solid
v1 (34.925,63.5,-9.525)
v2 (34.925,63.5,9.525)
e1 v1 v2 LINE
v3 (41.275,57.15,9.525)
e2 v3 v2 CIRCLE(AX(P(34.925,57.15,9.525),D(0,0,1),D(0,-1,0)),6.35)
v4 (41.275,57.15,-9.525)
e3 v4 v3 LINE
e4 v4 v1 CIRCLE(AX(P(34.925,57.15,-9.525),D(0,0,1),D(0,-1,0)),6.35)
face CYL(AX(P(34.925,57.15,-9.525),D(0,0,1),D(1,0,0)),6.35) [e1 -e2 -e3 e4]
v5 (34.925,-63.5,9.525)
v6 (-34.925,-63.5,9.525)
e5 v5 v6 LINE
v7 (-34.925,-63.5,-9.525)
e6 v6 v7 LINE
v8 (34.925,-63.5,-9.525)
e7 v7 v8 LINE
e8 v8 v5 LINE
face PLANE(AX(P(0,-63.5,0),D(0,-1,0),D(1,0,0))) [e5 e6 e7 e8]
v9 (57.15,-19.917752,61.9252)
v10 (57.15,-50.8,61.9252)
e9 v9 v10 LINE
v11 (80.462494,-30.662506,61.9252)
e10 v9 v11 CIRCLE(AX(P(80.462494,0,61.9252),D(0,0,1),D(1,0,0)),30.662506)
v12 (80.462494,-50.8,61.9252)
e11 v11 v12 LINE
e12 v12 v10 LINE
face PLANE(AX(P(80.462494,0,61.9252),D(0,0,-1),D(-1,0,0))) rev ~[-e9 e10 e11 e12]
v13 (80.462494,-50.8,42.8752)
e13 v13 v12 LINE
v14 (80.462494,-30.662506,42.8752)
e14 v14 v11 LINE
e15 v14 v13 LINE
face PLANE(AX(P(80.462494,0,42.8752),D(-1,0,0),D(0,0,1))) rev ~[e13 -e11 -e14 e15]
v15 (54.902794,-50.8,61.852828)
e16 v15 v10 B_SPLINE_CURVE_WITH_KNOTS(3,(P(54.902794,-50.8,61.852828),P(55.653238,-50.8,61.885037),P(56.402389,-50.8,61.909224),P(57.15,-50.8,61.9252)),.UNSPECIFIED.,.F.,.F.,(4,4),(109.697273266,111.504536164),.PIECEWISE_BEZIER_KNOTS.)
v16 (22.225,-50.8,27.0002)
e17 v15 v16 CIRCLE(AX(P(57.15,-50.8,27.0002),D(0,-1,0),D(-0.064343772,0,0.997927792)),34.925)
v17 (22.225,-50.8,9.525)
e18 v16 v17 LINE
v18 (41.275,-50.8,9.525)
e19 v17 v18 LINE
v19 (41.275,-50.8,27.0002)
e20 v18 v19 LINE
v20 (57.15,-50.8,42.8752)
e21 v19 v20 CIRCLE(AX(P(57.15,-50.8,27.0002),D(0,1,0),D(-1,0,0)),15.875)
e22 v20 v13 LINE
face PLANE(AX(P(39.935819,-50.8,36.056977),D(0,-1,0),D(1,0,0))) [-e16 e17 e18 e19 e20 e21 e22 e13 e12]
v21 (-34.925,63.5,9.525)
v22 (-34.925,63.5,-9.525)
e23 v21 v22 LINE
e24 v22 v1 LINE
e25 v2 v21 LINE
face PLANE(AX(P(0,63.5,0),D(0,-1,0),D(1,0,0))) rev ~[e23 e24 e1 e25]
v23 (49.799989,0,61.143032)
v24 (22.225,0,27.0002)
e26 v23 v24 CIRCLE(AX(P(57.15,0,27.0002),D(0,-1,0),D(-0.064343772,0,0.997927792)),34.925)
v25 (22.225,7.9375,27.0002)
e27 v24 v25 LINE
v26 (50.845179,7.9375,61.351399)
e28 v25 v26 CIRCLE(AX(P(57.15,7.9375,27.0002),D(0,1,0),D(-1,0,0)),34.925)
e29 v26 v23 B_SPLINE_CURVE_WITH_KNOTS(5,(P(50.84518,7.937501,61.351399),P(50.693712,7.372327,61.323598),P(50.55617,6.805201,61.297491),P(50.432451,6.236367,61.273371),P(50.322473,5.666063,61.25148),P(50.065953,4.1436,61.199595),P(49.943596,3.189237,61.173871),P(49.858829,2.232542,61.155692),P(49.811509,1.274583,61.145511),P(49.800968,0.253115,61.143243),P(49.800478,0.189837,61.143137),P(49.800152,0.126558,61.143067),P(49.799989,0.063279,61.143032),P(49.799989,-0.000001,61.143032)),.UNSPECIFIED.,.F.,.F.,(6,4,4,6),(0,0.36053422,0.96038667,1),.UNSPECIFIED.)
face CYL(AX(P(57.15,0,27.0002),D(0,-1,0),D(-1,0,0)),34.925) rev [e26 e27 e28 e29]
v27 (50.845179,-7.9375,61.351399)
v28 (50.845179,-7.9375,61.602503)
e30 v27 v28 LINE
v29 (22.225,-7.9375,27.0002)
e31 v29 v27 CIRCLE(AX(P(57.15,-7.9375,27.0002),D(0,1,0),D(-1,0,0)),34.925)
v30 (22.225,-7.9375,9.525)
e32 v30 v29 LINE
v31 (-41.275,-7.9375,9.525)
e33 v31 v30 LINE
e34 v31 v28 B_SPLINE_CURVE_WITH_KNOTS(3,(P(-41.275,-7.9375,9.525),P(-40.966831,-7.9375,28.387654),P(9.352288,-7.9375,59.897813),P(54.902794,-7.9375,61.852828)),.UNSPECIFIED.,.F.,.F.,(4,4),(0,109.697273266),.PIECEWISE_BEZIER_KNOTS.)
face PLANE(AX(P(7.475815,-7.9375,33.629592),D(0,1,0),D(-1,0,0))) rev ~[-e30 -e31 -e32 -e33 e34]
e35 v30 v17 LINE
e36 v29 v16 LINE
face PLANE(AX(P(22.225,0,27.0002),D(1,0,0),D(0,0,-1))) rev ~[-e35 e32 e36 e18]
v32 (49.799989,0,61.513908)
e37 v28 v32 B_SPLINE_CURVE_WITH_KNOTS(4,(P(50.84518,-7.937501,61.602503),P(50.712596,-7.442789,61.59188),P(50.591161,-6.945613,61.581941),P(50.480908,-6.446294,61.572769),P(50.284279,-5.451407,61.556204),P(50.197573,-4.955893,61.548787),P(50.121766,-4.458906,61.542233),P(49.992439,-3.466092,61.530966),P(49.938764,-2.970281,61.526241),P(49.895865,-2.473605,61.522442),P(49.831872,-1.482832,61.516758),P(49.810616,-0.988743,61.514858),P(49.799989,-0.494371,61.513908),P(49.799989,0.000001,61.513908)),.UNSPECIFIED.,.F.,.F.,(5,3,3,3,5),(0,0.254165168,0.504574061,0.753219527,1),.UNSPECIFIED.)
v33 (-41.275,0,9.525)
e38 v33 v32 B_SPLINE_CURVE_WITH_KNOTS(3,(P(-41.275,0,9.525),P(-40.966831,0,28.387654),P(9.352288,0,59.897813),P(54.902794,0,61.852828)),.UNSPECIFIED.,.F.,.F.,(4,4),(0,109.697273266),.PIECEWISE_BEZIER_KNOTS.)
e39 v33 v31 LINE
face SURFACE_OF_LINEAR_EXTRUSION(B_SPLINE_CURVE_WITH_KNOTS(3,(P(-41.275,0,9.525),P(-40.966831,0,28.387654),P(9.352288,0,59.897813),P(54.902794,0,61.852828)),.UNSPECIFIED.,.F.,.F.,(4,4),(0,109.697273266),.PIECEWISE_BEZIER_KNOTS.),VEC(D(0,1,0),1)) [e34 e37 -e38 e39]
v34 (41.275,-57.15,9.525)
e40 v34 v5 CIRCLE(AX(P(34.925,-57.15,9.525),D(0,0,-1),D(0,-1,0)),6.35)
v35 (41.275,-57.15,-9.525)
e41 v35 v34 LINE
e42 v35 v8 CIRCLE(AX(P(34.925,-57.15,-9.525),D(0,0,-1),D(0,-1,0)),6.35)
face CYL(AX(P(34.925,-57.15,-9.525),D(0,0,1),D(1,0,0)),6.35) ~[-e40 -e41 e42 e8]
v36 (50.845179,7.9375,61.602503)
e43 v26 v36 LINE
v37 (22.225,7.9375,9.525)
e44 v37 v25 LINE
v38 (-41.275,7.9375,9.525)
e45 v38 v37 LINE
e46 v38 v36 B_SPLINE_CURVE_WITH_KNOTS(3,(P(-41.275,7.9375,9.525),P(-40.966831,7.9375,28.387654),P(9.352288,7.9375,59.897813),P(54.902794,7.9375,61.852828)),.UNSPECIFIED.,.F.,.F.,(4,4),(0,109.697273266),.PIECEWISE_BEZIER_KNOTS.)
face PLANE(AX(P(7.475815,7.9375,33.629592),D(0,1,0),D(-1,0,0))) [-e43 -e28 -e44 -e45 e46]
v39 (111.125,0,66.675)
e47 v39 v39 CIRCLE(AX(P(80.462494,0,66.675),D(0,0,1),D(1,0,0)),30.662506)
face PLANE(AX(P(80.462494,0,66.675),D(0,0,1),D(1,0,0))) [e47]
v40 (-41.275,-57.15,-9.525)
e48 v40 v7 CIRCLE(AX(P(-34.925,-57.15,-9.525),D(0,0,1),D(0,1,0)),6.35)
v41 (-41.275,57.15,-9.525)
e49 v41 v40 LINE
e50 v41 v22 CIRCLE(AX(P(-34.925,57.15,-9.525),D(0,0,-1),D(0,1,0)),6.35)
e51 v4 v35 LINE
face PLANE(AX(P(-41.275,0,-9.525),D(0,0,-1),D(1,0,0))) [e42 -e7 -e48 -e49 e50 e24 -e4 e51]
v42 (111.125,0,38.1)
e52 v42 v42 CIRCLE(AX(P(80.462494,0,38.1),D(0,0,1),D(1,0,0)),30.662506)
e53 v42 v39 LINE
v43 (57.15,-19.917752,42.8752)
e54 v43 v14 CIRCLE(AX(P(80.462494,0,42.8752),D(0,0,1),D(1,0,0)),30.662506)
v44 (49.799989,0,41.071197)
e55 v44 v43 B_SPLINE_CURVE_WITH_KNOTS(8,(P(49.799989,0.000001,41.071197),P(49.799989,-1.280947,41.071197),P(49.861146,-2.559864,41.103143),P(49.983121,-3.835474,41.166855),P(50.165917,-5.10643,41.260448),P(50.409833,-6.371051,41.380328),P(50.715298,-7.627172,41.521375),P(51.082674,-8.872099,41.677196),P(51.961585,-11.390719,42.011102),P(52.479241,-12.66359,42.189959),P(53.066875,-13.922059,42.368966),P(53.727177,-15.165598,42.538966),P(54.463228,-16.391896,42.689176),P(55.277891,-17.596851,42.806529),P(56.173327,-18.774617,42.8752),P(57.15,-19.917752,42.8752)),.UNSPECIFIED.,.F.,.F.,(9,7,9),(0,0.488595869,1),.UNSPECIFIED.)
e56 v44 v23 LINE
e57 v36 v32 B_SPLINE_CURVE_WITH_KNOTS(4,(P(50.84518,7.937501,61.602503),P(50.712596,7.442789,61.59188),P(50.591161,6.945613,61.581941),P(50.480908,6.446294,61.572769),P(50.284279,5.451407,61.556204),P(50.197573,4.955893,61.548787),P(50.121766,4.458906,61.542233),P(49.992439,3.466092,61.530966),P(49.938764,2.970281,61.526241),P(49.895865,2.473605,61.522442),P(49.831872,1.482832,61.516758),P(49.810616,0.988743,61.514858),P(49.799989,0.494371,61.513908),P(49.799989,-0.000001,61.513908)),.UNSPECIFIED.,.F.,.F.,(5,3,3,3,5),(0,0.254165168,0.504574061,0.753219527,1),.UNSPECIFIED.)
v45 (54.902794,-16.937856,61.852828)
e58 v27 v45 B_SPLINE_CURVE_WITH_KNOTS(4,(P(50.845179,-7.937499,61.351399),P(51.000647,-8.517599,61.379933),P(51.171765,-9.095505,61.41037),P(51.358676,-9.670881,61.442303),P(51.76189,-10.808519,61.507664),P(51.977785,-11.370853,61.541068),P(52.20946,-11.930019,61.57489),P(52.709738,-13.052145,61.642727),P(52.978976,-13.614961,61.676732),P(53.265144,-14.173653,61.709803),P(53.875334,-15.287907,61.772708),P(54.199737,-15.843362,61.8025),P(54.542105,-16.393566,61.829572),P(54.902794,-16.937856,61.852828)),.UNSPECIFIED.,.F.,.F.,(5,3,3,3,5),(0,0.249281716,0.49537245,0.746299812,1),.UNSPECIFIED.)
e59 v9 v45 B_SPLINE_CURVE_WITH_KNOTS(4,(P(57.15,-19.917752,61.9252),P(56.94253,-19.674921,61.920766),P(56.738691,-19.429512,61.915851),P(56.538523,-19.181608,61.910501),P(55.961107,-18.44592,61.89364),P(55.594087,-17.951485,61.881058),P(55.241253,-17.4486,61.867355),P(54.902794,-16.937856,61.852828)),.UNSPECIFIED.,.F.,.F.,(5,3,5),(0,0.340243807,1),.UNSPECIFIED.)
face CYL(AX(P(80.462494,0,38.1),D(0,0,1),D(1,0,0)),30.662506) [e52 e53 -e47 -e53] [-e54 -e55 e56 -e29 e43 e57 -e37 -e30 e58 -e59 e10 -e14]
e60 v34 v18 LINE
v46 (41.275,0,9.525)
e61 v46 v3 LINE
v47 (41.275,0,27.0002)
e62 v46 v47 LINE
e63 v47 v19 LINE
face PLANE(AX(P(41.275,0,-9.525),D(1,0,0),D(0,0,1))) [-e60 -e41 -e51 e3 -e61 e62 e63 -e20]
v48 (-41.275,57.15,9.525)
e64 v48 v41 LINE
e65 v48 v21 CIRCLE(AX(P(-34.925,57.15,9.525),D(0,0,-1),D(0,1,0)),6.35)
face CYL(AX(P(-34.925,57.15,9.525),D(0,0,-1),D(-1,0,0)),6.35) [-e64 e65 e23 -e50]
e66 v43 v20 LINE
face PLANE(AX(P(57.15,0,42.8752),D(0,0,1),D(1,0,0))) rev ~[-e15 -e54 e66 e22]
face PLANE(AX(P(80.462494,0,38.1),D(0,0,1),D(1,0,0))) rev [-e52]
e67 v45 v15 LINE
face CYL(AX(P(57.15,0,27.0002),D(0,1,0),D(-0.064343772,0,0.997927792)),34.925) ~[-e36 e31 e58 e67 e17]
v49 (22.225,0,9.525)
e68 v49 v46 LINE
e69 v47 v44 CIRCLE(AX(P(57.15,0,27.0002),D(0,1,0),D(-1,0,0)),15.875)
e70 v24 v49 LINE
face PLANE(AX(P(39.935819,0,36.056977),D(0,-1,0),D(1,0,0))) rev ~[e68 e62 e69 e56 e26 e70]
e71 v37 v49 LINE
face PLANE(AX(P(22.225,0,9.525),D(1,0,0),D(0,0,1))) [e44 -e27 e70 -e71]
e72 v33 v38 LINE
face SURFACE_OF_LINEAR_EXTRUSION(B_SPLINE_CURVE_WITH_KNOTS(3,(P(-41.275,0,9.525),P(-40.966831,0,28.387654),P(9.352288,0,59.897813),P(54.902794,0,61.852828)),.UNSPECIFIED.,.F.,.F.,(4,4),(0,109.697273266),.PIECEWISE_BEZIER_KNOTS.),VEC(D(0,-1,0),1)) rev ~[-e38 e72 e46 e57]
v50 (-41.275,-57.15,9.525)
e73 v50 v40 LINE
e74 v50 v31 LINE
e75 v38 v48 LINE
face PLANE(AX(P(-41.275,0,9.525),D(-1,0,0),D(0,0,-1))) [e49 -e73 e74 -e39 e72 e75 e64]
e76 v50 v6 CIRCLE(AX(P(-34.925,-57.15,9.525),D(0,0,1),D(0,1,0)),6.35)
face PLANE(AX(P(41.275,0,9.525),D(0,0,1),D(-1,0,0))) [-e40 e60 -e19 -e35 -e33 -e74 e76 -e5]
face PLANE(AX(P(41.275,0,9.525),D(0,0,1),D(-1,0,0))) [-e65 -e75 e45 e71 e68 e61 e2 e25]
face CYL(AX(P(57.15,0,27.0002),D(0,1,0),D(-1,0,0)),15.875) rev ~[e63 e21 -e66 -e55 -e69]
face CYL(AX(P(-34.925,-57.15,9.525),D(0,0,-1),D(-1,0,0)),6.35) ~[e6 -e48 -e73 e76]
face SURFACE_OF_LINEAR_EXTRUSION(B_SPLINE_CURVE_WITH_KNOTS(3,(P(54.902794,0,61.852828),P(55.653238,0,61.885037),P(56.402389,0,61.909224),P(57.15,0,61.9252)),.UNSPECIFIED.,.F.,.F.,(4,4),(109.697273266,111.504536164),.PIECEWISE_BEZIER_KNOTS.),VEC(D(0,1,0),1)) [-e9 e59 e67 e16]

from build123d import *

# Parameters (mm, degrees)
F1_DEPTH = 63.5
F0_W     = 20.1374943917
F0_H     = 19.05
F2_DEPTH = 50.8
F3_DEPTH = 7.9375
F5_R     = 6.35


with BuildPart() as f1:
    # F0 (on Front) → F1 (new body, symmetric)
    with BuildSketch(Plane.XZ):
        Polygon((-41.275, 9.525), (-41.275, -9.525), (41.275, -9.525), (41.275, 9.525), (22.225, 9.525), align=None)
    extrude(amount=F1_DEPTH, both=True)

    # F0 (on Front) → F2 (join)
    with BuildSketch(Plane.XZ):
        with BuildLine():
            Line((22.225, 9.525), (41.275, 9.525))
            Line((41.275, 9.525), (41.275, 27.0002))
            ThreePointArc((41.275, 27.0002), (45.9246798487, 38.2255201513), (57.15, 42.8752))
            Line((57.15, 42.8752), (60.325, 42.8752))
            Line((60.325, 42.8752), (60.325, 61.9252))
            Line((60.325, 61.9252), (57.15, 61.9252))
            add(Edge.make_bspline(
                [(54.9027937698, 61.8528281528), (55.6532384905, 61.8850370345), (56.4023888872, 61.9092238899), (57.15, 61.9252)],
                knots=[109.6972732661, 109.6972732661, 109.6972732661, 109.6972732661, 111.5045361635, 111.5045361635, 111.5045361635, 111.5045361635], degree=3))
            ThreePointArc((54.9027937698, 61.8528281528), (31.6721733404, 50.8881880631), (22.225, 27.0002))
            Line((22.225, 27.0002), (22.225, 9.525))
        make_face()
        with Locations((70.3937471959, 52.4002)):
            Rectangle(F0_W, F0_H)
    extrude(amount=F2_DEPTH)

    # F0 (on Front) → F3 (join, symmetric)
    with BuildSketch(Plane.XZ):
        with BuildLine():
            add(Edge.make_bspline(
                [(-41.275, 9.525), (-40.9668306676, 28.3876541447), (9.352287687, 59.8978129225), (54.9027937698, 61.8528281528)],
                knots=[0, 0, 0, 0, 109.6972732661, 109.6972732661, 109.6972732661, 109.6972732661], degree=3))
            Line((-41.275, 9.525), (22.225, 9.525))
            Line((22.225, 9.525), (22.225, 27.0002))
            ThreePointArc((22.225, 27.0002), (31.6721733404, 50.8881880631), (54.9027937698, 61.8528281528))
        make_face()
    extrude(amount=F3_DEPTH, both=True)

    # F0 (on Front) → F4 (revolve)
    with BuildSketch(Plane.XZ):
        Polygon((80.4624943917, 66.675), (80.4624943917, 61.9252), (80.4624943917, 42.8752), (80.4624943917, 38.1), (111.125, 38.1), (111.125, 66.675), align=None)
    revolve(axis=Axis((80.4624943917, 0, 52.3875), (0, 0, 1)))

    # F5
    f5_edges = [f1.edges().sort_by_distance(p)[0] for p in [
        (41.275, -63.5, 0),
        (-41.275, -63.5, 0),
        (41.275, 63.5, 0),
        (-41.275, 63.5, 0),
    ]]
    fillet(f5_edges, radius=F5_R)


solid = f1.part
